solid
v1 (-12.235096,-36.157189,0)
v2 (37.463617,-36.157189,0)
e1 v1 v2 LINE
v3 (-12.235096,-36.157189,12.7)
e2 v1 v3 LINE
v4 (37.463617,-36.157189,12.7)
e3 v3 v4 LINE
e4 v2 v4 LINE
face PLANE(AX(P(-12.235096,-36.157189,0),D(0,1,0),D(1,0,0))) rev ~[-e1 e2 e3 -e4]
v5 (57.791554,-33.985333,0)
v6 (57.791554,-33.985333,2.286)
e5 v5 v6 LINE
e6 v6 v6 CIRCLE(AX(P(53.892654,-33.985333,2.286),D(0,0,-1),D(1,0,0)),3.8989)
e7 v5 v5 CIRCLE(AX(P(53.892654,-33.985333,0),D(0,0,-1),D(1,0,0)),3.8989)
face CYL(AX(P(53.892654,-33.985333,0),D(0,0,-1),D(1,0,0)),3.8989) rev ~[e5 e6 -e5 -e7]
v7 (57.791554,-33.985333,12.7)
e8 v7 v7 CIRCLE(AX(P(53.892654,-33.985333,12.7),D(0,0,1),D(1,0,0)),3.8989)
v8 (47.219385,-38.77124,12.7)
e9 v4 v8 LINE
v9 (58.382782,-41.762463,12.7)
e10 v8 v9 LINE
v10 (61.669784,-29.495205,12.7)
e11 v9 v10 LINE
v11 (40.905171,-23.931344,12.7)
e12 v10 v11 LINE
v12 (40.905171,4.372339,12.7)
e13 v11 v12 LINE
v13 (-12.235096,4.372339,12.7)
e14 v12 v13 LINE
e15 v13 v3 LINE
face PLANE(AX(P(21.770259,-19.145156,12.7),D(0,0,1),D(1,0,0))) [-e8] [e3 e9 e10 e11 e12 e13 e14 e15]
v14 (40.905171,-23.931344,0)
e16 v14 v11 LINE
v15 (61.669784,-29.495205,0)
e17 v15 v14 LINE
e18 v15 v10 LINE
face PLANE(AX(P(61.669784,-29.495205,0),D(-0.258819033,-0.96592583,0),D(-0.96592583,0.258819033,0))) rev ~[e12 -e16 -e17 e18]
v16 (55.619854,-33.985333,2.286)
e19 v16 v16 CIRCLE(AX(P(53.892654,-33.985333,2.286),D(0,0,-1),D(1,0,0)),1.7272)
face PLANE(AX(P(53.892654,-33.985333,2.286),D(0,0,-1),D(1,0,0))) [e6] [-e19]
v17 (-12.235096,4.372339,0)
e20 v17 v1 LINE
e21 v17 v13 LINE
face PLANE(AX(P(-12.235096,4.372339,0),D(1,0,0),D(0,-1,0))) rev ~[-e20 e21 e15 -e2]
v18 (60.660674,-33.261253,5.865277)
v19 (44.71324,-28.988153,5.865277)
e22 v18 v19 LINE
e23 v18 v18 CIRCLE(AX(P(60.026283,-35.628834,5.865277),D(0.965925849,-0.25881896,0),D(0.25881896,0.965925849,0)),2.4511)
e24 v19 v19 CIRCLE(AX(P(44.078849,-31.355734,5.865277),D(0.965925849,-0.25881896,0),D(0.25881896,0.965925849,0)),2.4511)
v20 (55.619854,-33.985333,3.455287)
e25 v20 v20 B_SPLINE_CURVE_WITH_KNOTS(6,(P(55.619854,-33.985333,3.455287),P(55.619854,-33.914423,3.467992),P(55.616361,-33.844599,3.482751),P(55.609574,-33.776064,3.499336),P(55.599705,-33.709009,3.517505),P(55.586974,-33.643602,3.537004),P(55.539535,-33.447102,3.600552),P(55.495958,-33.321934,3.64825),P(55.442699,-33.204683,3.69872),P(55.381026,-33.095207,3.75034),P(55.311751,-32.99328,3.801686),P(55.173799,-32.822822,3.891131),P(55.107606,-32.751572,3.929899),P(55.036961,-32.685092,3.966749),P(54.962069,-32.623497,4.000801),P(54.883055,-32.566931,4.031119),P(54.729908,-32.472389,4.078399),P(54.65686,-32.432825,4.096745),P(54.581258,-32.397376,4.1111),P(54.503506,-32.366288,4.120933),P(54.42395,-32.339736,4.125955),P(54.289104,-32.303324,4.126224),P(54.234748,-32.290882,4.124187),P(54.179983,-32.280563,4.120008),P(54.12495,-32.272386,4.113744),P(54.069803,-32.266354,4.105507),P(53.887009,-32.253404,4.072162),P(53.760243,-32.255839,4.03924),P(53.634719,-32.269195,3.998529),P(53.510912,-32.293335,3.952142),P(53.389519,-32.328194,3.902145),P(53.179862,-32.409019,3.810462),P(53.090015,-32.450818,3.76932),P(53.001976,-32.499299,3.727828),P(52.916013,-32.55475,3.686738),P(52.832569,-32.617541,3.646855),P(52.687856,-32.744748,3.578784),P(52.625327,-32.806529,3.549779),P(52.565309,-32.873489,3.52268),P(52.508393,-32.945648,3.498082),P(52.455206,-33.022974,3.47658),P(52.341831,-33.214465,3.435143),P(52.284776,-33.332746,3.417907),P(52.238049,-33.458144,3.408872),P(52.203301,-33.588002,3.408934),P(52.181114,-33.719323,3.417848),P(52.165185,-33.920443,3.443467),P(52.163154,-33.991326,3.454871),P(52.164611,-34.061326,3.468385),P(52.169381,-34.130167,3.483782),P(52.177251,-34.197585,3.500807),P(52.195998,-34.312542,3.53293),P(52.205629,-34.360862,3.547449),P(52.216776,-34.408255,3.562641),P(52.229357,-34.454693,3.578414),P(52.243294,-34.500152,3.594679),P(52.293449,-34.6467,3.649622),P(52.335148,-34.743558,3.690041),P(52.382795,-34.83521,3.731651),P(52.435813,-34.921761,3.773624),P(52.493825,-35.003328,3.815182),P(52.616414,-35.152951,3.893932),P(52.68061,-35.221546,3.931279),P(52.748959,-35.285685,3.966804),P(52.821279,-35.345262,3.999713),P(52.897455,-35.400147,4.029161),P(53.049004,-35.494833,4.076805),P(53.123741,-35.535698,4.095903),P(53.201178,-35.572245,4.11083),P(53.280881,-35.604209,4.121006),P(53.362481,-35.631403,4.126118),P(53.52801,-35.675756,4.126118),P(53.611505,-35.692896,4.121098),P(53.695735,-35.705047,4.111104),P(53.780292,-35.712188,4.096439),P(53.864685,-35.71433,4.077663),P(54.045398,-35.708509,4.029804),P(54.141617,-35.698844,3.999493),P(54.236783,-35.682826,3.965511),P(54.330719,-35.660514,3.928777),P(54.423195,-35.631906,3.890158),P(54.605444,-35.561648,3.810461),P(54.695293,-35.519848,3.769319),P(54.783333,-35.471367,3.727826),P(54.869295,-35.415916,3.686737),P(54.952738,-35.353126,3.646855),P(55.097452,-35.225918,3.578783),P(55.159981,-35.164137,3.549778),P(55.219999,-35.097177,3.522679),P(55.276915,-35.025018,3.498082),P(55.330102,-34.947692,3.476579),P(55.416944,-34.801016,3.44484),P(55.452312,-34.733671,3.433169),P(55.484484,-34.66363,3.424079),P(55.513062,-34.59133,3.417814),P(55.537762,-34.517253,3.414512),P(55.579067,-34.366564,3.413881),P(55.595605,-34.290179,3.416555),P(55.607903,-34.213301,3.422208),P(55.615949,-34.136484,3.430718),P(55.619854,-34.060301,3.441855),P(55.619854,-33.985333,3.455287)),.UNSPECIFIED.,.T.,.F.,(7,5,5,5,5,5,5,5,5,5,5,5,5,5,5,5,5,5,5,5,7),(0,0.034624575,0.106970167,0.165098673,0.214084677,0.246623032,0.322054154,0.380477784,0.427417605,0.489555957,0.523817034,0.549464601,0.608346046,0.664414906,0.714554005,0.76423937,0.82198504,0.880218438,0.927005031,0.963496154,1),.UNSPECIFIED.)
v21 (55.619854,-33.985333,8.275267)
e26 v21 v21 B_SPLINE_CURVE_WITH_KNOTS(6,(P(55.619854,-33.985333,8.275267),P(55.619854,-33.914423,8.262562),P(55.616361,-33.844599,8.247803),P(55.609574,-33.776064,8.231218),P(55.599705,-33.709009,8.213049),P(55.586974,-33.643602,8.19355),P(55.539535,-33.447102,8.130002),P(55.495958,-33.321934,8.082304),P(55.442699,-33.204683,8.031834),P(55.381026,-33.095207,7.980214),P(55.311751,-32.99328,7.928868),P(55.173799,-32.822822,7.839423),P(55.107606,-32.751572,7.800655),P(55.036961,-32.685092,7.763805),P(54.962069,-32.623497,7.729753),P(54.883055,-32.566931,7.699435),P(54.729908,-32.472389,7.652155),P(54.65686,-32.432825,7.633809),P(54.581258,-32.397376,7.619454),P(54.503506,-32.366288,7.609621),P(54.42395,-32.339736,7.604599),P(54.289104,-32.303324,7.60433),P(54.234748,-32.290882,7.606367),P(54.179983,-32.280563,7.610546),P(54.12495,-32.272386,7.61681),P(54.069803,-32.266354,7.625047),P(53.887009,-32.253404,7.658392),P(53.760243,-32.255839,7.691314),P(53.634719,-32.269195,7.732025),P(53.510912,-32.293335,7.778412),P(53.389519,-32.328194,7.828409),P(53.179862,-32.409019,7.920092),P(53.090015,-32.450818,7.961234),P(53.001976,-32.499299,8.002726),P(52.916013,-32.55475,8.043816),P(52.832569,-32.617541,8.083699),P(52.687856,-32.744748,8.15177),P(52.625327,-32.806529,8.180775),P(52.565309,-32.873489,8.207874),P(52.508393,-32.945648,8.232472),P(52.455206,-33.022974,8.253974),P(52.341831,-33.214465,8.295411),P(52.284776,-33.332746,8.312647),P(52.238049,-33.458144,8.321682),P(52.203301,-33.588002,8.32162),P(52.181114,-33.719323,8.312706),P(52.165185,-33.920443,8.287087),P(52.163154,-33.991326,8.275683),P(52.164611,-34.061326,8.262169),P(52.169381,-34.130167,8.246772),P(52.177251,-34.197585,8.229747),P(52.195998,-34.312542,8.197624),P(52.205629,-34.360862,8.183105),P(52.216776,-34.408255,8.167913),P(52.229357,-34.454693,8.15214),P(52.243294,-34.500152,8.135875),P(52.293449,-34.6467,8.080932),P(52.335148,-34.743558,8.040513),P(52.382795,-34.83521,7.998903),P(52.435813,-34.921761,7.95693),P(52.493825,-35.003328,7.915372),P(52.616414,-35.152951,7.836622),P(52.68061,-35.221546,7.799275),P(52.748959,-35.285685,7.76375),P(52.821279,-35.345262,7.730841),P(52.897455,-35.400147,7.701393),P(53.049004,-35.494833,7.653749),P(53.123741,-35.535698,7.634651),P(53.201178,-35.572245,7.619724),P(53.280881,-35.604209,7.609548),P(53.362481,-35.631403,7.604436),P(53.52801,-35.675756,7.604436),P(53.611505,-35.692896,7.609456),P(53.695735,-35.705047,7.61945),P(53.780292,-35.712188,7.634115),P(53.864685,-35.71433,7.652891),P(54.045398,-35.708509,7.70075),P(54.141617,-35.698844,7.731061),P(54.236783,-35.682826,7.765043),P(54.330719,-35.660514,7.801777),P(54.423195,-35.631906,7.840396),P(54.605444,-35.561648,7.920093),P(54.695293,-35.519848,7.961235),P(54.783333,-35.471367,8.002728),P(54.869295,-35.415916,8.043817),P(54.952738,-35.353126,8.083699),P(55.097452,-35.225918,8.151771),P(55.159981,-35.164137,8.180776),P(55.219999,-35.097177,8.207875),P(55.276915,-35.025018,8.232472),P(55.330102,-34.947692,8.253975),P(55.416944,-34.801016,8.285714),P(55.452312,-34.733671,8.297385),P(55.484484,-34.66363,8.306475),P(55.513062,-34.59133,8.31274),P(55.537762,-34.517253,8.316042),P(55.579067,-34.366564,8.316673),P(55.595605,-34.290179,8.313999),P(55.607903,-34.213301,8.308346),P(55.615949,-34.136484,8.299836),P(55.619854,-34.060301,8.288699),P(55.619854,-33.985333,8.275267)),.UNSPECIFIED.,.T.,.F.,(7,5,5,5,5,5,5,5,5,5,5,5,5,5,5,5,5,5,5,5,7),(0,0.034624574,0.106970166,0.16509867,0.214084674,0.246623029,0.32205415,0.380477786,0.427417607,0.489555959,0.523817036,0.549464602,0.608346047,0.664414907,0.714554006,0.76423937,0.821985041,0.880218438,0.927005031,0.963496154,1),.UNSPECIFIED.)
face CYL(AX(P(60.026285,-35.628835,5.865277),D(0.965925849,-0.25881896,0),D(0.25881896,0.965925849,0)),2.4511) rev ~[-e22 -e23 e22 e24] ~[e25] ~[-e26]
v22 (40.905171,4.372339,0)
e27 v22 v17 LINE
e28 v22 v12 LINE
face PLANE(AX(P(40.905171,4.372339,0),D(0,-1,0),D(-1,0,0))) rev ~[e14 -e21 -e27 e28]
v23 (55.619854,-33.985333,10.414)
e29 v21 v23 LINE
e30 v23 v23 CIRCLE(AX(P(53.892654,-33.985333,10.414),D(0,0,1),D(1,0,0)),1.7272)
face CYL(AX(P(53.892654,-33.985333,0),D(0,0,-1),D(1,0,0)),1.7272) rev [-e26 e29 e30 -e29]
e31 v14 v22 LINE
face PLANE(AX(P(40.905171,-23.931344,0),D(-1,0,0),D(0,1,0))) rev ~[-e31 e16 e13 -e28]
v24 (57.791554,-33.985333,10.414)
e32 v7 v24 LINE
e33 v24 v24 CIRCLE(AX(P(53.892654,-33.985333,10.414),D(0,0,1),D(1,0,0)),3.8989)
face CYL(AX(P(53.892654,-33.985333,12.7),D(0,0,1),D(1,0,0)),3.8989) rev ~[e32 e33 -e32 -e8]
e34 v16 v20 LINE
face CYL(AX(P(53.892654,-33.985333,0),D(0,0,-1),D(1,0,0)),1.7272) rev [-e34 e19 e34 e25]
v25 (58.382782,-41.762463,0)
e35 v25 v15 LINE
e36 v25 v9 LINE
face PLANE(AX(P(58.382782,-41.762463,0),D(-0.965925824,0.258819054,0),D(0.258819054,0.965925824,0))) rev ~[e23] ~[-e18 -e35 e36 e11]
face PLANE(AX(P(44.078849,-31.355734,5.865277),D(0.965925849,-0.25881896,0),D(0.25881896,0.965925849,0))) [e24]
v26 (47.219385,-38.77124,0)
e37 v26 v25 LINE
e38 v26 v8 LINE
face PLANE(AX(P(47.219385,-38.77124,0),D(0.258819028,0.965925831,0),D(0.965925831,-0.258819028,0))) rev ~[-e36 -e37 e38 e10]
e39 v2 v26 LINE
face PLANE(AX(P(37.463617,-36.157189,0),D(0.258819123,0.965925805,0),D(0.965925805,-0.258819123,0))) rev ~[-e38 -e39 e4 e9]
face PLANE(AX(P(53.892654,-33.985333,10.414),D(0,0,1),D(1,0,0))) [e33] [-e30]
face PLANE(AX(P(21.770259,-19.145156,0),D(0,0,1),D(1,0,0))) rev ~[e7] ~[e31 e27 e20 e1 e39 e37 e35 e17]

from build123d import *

# Parameters (mm, degrees)
F0_R     = 1.7272
F1_DEPTH = 12.7
F2_R     = 2.4511
F3_DEPTH = 16.51
F4_R     = 3.8989
F4_R_2   = 1.7272
F5_DEPTH = 2.286
F6_R     = 3.8989
F6_R_2   = 1.7272
F7_DEPTH = 2.286


with BuildPart() as f1:
    # F0 (on Top) → F1 (new body)
    with BuildSketch(Plane.XY):
        Polygon((40.905171, 4.372339), (-12.235096, 4.372339), (-12.235096, -11.662856), (-12.235096, -36.157189), (-1.651831, -36.157189), (37.463617, -36.157189), (47.219385, -38.77124), (58.382782, -41.762463), (61.669784, -29.495205), (40.905171, -23.931344), (40.905171, -11.662856), align=None)
        with Locations((53.892654, -33.985333)):
            Circle(F0_R, mode=Mode.SUBTRACT)
    extrude(amount=F1_DEPTH)

    # F2 (on face) → F3 (cut)
    with BuildSketch(Plane(origin=(64.912493, -17.39325, 0), x_dir=(0.258819, 0.965926, 0), z_dir=(0.965926, -0.258819, 0))):
        with Locations((-18.878866, 5.865277)):
            Circle(F2_R)
    extrude(amount=-F3_DEPTH, mode=Mode.SUBTRACT)

    # F4 (on face) → F5 (cut)
    with BuildSketch(Plane.XY.offset(12.7)):
        with Locations((53.892654, -33.985333)):
            Circle(F4_R)
        with Locations((53.892654, -33.985333)):
            Circle(F4_R_2, mode=Mode.SUBTRACT)
    extrude(amount=-F5_DEPTH, mode=Mode.SUBTRACT)

    # F6 (on face) → F7 (cut)
    with BuildSketch(Plane(origin=(0, 0, 0), x_dir=(1, 0, 0), z_dir=(0, 0, -1))):
        with Locations((53.892654, 33.985333)):
            Circle(F6_R)
        with Locations((53.892654, 33.985333)):
            Circle(F6_R_2, mode=Mode.SUBTRACT)
    extrude(amount=-F7_DEPTH, mode=Mode.SUBTRACT)


solid = f1.part
